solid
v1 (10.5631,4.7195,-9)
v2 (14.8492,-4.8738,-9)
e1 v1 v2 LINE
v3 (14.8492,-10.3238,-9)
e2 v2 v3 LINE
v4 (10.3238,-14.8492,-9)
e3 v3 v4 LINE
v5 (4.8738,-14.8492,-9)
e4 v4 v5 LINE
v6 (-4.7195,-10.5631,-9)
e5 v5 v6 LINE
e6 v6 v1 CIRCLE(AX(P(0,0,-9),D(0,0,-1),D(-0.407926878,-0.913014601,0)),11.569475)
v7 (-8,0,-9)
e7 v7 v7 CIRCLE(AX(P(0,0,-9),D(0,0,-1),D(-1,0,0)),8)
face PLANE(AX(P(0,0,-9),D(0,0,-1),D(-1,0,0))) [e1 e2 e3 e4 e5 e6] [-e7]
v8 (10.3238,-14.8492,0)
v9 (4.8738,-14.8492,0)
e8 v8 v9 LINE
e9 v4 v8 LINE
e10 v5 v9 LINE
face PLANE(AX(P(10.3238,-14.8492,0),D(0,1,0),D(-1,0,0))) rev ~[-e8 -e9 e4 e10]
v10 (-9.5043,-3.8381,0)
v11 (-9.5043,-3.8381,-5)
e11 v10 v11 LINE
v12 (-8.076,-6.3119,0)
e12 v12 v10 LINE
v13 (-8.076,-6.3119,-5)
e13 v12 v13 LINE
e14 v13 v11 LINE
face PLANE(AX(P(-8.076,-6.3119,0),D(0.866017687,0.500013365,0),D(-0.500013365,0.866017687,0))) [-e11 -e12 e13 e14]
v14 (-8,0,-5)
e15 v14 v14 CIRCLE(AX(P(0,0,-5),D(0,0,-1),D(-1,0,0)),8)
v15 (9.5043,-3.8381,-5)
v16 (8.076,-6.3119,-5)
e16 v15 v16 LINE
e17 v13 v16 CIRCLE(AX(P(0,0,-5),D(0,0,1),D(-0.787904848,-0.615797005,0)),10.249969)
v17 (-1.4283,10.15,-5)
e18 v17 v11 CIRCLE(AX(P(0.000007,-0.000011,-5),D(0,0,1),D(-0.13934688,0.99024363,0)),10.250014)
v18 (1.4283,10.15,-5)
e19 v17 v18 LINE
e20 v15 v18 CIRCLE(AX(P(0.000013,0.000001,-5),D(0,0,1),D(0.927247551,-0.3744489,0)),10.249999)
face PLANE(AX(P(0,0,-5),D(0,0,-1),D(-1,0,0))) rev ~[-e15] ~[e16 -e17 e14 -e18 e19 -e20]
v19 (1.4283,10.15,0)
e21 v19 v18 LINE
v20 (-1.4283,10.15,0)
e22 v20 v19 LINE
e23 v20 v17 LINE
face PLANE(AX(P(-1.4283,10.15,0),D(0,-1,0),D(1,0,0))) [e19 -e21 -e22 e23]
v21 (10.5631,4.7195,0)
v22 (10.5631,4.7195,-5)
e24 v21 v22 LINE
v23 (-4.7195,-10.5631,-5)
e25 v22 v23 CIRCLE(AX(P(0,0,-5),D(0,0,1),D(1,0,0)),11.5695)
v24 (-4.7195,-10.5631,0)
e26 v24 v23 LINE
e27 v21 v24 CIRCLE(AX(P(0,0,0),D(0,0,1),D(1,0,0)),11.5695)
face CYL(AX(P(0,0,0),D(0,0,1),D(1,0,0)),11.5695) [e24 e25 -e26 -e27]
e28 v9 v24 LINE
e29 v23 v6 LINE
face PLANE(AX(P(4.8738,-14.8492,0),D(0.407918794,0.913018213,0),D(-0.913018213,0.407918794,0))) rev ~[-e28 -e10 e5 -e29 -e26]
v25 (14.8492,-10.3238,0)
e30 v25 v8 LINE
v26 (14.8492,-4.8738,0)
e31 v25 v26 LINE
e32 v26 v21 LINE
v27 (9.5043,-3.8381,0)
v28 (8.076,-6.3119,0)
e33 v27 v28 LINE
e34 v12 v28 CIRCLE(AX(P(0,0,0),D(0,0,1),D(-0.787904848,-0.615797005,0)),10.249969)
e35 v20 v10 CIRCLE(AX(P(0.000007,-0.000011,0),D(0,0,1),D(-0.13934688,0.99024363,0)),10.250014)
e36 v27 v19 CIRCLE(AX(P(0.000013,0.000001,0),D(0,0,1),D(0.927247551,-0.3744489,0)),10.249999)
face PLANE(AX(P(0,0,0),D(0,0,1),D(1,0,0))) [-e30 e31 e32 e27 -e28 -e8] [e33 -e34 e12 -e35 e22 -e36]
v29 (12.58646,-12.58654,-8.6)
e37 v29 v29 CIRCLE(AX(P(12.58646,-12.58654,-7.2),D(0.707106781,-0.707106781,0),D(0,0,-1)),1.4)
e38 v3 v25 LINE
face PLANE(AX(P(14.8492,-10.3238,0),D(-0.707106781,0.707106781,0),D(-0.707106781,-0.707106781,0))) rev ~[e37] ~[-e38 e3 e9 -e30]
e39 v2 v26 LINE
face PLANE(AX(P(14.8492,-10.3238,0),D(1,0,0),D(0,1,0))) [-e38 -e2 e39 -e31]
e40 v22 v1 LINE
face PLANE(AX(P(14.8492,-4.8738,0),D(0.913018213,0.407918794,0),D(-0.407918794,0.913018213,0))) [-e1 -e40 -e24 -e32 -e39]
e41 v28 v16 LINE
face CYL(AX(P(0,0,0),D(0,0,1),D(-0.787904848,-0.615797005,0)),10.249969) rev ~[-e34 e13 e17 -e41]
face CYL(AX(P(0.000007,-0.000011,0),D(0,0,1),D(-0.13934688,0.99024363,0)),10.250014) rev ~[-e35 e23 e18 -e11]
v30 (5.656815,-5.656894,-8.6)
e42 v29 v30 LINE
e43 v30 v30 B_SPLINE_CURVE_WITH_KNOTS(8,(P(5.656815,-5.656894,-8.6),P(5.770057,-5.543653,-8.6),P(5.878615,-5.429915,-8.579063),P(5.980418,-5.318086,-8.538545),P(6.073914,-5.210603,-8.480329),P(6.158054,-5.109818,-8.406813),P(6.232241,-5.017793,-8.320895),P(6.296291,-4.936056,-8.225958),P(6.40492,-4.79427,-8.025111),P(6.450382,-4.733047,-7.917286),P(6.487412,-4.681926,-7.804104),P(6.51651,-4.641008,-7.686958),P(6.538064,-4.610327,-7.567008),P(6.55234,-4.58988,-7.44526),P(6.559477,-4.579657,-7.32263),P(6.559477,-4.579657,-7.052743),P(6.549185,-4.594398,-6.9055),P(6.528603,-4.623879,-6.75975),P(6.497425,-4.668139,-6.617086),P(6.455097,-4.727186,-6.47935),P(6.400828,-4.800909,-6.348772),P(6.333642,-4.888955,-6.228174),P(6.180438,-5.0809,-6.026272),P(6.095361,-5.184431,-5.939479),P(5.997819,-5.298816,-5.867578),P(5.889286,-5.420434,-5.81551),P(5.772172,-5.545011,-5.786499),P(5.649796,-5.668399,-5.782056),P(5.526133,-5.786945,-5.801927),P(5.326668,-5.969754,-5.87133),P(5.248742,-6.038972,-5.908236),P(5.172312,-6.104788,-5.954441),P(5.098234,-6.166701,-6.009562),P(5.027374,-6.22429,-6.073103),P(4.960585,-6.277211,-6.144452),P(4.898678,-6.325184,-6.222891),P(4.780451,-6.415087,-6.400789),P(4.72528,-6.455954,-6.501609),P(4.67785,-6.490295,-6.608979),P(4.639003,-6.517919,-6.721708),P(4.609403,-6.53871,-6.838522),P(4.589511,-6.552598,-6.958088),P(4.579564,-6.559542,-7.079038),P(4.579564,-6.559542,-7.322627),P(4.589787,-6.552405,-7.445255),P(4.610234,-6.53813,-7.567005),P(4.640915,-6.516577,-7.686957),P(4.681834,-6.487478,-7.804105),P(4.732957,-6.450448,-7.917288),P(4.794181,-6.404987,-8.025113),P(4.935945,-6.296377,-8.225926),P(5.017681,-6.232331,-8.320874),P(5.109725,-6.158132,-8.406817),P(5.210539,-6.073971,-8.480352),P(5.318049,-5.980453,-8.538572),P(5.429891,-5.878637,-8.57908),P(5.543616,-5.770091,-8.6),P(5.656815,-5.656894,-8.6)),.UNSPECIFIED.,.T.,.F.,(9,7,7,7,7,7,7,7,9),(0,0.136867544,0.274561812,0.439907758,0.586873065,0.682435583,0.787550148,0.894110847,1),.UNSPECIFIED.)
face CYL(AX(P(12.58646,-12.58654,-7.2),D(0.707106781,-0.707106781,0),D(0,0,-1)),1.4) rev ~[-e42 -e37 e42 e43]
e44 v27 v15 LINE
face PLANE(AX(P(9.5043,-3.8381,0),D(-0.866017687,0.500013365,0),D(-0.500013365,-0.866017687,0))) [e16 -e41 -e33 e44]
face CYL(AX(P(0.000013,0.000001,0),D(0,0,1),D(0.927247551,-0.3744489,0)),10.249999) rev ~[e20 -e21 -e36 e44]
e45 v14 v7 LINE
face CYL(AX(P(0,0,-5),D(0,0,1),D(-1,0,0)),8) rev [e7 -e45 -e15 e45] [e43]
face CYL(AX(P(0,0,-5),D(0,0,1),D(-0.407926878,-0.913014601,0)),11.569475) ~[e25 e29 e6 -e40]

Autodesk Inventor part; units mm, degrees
ref_plane "YZ Plane" through (0, 0, 0) normal (1, 0, 0) x (0, 1, 0)
ref_plane "XZ Plane" through (0, 0, 0) normal (0, 1, 0) x (-1, 0, 0)
ref_plane "XY Plane" through (0, 0, 0) normal (0, 0, 1) x (1, 0, 0)
sketch "Sketch1" plane through (0, 0, 0) normal (0, 0, 1) x (1, 0, 0)
  line L0 (9.6801, -14.008) -> (7.2052, -11.5331) construction
  line L1 (7.2052, -11.5331) -> (11.5893, -7.1491) construction
  line L2 (11.5893, -7.1491) -> (14.0642, -9.6239) construction
  line L3 (14.0642, -9.6239) -> (9.6801, -14.008) construction
  arc A0 (12.6369, -4.7496) -> (4.7496, -12.6369) centre (0, 0) ccw construction
  line L4 (10.9298, -3.0424) -> (12.6369, -4.7496) construction
  line L5 (11.6618, -4.6122) -> (10.9298, -3.0424) construction
  arc A1 (11.6618, -4.6122) -> (10.8551, -4.47) centre (11.2086, -4.8235) ccw construction
  line L6 (10.7915, -4.5335) -> (10.8551, -4.47) construction
  arc A2 (10.7915, -4.5335) -> (10.6527, -4.9738) centre (11.1451, -4.887) ccw construction
  line L7 (10.915, -6.4612) -> (10.6527, -4.9738) construction
  arc A3 (10.7761, -6.9016) -> (10.915, -6.4612) centre (10.4226, -6.548) ccw construction
  line L8 (6.9016, -10.7761) -> (10.7761, -6.9016) construction
  arc A4 (6.4612, -10.915) -> (6.9016, -10.7761) centre (6.548, -10.4226) ccw construction
  line L9 (6.4612, -10.915) -> (4.9738, -10.6527) construction
  arc A5 (4.9738, -10.6527) -> (4.5335, -10.7915) centre (4.887, -11.1451) ccw construction
  line L10 (4.5335, -10.7915) -> (4.47, -10.8551) construction
  arc A6 (4.47, -10.8551) -> (4.6122, -11.6618) centre (4.8235, -11.2086) ccw construction
  line L11 (4.6122, -11.6618) -> (3.0424, -10.9298) construction
  line L12 (3.0424, -10.9298) -> (4.7496, -12.6369) construction
  line L13 (-1.7167, -14.6498) -> (-1.7167, -17.5) construction
  line L14 (-1.7167, -17.5) -> (1.7167, -17.5) construction
  line L15 (1.7167, -14.6498) -> (1.7167, -17.5) construction
  arc A7 (1.7167, -14.6498) -> (6.9595, -13.0049) centre (0, 0) ccw construction
  arc A8 (6.9595, -13.0049) -> (8.2728, -15.1789) centre (8.2994, -13.6792) ccw construction
  line L16 (8.2728, -15.1789) -> (7.6816, -15.1684) construction
  arc A9 (8.5249, -17.8901) -> (7.6816, -15.1684) centre (7.655, -16.6682) ccw construction
  line L17 (8.5249, -17.8901) -> (13.5161, -14.3366) construction
  line L18 (13.5161, -14.3366) -> (13.5161, -12.2823) construction
  line L19 (13.5161, -12.2823) -> (14.6168, -12.2823) construction
  line L20 (14.6168, -12.2823) -> (14.6168, -1.9776) construction
  arc A10 (14.6168, -1.9776) -> (1.7167, 14.6498) centre (0, 0) ccw construction
  line L21 (1.7167, 14.6498) -> (1.7167, 17.5) construction
  line L22 (-1.7167, 17.5) -> (1.7167, 17.5) construction
  line L23 (-1.7167, 14.6498) -> (-1.7167, 17.5) construction
  arc A11 (-1.7167, 14.6498) -> (-14.2817, -3.6872) centre (0, 0) ccw construction
  line L24 (-14.2817, -3.6872) -> (-15.4135, -5.7935) construction
  arc A12 (-15.4135, -5.7935) -> (-14.5984, -8.502) centre (-13.6517, -6.7402) ccw construction
  line L25 (-14.5984, -8.502) -> (-9.6326, -11.1703) construction
  arc A13 (-9.6326, -11.1703) -> (-1.7167, -14.6498) centre (0, 0) ccw construction
  line L26 (-24.6, 24.6) -> (25.2, -25.2) construction
  line L27 (25.2, 24.6) -> (-24.6, -25.2) construction
  arc A14 (-1.4283, 10.15) -> (-9.5043, -3.8381) centre (0, 0) ccw
  circle A15 centre (0, 0) radius 10.1 construction
  line L28 (-1.4283, 10.15) -> (1.4283, 10.15)
  line L29 (-8.076, -6.3119) -> (-9.5043, -3.8381)
  line L30 (9.5043, -3.8381) -> (8.076, -6.3119)
  arc A16 (1.4283, 10.15) -> (-1.4283, 10.15) centre (0, 0) ccw
  arc A17 (9.5043, -3.8381) -> (1.4283, 10.15) centre (0, 0) ccw
  arc A18 (8.076, -6.3119) -> (9.5043, -3.8381) centre (0, 0) ccw
  arc A19 (-8.076, -6.3119) -> (8.076, -6.3119) centre (0, 0) ccw
  arc A20 (-9.5043, -3.8381) -> (-8.076, -6.3119) centre (0, 0) ccw
  arc A21 (10.7054, -6.8309) -> (10.8165, -6.4786) centre (10.4226, -6.548) ccw
  line L31 (10.8165, -6.4786) -> (10.5542, -4.9912)
  arc A22 (10.7208, -4.4628) -> (10.5956, -4.6461) centre (11.1451, -4.887) ccw construction
  line L32 (10.7208, -4.4628) -> (10.7844, -4.3992) construction
  arc A23 (11.7601, -5.0598) -> (10.7844, -4.3992) centre (11.2086, -4.8235) ccw construction
  line L33 (11.7601, -5.0598) -> (10.5994, -2.5707) construction
  line L34 (10.5994, -2.5707) -> (12.5972, -4.5684) construction
  arc A24 (12.5972, -4.5684) -> (4.5684, -12.5972) centre (0, 0) ccw construction
  line L35 (4.5684, -12.5972) -> (2.5707, -10.5994) construction
  line L36 (2.5707, -10.5994) -> (4.2491, -11.3821) construction
  arc A25 (4.3992, -10.7844) -> (4.2491, -11.3821) centre (4.8235, -11.2086) ccw construction
  line L37 (4.3992, -10.7844) -> (4.4628, -10.7208) construction
  arc A26 (4.9912, -10.5542) -> (4.6461, -10.5956) centre (4.887, -11.1451) ccw
  line L38 (4.9912, -10.5542) -> (6.4786, -10.8165)
  arc A27 (6.4786, -10.8165) -> (6.8309, -10.7054) centre (6.548, -10.4226) ccw
  line L39 (6.8309, -10.7054) -> (10.7054, -6.8309)
  circle A28 centre (0, 0) radius 11.5695
  arc A29 (4.6461, -10.5956) -> (4.4628, -10.7208) centre (4.887, -11.1451) ccw construction
  arc A30 (10.5956, -4.6461) -> (10.5542, -4.9912) centre (11.1451, -4.887) ccw
  line L40 (14.8492, -10.3238) -> (10.3238, -14.8492)
  line L41 (14.8492, -10.3238) -> (14.8492, -4.8738)
  line L42 (14.8492, -4.8738) -> (10.5631, 4.7195)
  line L43 (10.3238, -14.8492) -> (4.8738, -14.8492)
  line L44 (4.8738, -14.8492) -> (-4.7195, -10.5631)
  dimension "d4" = 20.2
  dimension "d5" = 10.15
  dimension "d6" = 20.5
  dimension "d9" = 360
  dimension "d11" = 0.1
  dimension "d31" = 6.4
  dimension "d32" = 17.8
  dimension "d33" = 3.2
  dimension "d34" = 135
  dimension "d35" = 5.45
  dimension "d36" = 5.45
extrude "Extrusion1" add sketch "Sketch1" against normal blind 5 contours A16 L28 | L29 A20 | A18 L30 | L39 A27 L38 A26 A28 A30 L31 A21 | A21 L31 A30 A28 L42 L41 L40 L43 L44 A26 L38 A27 L39 | A28
sketch "Sketch3" plane through (0, 0, -5) normal (0, 0, -1) x (-1, 0, 0)
  line L0 (9.5043, -3.8381) -> (8.076, -6.3119) projected
  arc A0 (-8.076, -6.3119) -> (8.076, -6.3119) centre (0, 0) ccw projected
  line L1 (-8.076, -6.3119) -> (-9.5043, -3.8381) projected
  arc A1 (-1.4283, 10.15) -> (-9.5043, -3.8381) centre (0, 0) ccw projected
  line L2 (-1.4283, 10.15) -> (1.4283, 10.15) projected
  arc A2 (9.5043, -3.8381) -> (1.4283, 10.15) centre (0, 0) ccw projected
  arc A3 (4.7195, -10.5631) -> (-10.5631, 4.7195) centre (0, 0) ccw projected
  circle A4 centre (0, 0) radius 8
  circle A5 centre (0, 0) radius 10.25
  line L3 (-10.5631, 4.7195) -> (-14.8492, -4.8738) projected
  line L4 (-14.8492, -4.8738) -> (-14.8492, -10.3238) projected
  line L5 (-14.8492, -10.3238) -> (-10.3238, -14.8492) projected
  line L6 (-10.3238, -14.8492) -> (-4.8738, -14.8492) projected
  line L7 (-4.8738, -14.8492) -> (4.7195, -10.5631) projected
  dimension "d17" = 16
extrude "Extrusion3" add sketch "Sketch3" along normal blind 4 contours A5 L0 | L0 A0 L1 A1 L2 A2 | A5 L1 | L2 A5 | L7 L6 L5 L4 L3 A3
sketch "Sketch4" plane through (10.6492, -14.5238, 0) normal (0.7071, -0.7071, 0) x (0, 0, -1)
  line L0 (0, 0) -> (0, 5.4794) construction
  line L1 (0, 0) -> (9, 0) construction
  line L2 (0, 5.4794) -> (9, 5.4794) construction
  line L3 (0, 2.7397) -> (9, 2.7397) construction
  circle A0 centre (7.2, 2.7397) radius 1.4
  line L4 (9, 5.4794) -> (9, 0) projected
  dimension "d20" = 2.8
extrude "Extrusion4" cut sketch "Sketch4" against normal up to surface
properties part number "30_focus_inlet_objective_mount_deltastage_v7"
